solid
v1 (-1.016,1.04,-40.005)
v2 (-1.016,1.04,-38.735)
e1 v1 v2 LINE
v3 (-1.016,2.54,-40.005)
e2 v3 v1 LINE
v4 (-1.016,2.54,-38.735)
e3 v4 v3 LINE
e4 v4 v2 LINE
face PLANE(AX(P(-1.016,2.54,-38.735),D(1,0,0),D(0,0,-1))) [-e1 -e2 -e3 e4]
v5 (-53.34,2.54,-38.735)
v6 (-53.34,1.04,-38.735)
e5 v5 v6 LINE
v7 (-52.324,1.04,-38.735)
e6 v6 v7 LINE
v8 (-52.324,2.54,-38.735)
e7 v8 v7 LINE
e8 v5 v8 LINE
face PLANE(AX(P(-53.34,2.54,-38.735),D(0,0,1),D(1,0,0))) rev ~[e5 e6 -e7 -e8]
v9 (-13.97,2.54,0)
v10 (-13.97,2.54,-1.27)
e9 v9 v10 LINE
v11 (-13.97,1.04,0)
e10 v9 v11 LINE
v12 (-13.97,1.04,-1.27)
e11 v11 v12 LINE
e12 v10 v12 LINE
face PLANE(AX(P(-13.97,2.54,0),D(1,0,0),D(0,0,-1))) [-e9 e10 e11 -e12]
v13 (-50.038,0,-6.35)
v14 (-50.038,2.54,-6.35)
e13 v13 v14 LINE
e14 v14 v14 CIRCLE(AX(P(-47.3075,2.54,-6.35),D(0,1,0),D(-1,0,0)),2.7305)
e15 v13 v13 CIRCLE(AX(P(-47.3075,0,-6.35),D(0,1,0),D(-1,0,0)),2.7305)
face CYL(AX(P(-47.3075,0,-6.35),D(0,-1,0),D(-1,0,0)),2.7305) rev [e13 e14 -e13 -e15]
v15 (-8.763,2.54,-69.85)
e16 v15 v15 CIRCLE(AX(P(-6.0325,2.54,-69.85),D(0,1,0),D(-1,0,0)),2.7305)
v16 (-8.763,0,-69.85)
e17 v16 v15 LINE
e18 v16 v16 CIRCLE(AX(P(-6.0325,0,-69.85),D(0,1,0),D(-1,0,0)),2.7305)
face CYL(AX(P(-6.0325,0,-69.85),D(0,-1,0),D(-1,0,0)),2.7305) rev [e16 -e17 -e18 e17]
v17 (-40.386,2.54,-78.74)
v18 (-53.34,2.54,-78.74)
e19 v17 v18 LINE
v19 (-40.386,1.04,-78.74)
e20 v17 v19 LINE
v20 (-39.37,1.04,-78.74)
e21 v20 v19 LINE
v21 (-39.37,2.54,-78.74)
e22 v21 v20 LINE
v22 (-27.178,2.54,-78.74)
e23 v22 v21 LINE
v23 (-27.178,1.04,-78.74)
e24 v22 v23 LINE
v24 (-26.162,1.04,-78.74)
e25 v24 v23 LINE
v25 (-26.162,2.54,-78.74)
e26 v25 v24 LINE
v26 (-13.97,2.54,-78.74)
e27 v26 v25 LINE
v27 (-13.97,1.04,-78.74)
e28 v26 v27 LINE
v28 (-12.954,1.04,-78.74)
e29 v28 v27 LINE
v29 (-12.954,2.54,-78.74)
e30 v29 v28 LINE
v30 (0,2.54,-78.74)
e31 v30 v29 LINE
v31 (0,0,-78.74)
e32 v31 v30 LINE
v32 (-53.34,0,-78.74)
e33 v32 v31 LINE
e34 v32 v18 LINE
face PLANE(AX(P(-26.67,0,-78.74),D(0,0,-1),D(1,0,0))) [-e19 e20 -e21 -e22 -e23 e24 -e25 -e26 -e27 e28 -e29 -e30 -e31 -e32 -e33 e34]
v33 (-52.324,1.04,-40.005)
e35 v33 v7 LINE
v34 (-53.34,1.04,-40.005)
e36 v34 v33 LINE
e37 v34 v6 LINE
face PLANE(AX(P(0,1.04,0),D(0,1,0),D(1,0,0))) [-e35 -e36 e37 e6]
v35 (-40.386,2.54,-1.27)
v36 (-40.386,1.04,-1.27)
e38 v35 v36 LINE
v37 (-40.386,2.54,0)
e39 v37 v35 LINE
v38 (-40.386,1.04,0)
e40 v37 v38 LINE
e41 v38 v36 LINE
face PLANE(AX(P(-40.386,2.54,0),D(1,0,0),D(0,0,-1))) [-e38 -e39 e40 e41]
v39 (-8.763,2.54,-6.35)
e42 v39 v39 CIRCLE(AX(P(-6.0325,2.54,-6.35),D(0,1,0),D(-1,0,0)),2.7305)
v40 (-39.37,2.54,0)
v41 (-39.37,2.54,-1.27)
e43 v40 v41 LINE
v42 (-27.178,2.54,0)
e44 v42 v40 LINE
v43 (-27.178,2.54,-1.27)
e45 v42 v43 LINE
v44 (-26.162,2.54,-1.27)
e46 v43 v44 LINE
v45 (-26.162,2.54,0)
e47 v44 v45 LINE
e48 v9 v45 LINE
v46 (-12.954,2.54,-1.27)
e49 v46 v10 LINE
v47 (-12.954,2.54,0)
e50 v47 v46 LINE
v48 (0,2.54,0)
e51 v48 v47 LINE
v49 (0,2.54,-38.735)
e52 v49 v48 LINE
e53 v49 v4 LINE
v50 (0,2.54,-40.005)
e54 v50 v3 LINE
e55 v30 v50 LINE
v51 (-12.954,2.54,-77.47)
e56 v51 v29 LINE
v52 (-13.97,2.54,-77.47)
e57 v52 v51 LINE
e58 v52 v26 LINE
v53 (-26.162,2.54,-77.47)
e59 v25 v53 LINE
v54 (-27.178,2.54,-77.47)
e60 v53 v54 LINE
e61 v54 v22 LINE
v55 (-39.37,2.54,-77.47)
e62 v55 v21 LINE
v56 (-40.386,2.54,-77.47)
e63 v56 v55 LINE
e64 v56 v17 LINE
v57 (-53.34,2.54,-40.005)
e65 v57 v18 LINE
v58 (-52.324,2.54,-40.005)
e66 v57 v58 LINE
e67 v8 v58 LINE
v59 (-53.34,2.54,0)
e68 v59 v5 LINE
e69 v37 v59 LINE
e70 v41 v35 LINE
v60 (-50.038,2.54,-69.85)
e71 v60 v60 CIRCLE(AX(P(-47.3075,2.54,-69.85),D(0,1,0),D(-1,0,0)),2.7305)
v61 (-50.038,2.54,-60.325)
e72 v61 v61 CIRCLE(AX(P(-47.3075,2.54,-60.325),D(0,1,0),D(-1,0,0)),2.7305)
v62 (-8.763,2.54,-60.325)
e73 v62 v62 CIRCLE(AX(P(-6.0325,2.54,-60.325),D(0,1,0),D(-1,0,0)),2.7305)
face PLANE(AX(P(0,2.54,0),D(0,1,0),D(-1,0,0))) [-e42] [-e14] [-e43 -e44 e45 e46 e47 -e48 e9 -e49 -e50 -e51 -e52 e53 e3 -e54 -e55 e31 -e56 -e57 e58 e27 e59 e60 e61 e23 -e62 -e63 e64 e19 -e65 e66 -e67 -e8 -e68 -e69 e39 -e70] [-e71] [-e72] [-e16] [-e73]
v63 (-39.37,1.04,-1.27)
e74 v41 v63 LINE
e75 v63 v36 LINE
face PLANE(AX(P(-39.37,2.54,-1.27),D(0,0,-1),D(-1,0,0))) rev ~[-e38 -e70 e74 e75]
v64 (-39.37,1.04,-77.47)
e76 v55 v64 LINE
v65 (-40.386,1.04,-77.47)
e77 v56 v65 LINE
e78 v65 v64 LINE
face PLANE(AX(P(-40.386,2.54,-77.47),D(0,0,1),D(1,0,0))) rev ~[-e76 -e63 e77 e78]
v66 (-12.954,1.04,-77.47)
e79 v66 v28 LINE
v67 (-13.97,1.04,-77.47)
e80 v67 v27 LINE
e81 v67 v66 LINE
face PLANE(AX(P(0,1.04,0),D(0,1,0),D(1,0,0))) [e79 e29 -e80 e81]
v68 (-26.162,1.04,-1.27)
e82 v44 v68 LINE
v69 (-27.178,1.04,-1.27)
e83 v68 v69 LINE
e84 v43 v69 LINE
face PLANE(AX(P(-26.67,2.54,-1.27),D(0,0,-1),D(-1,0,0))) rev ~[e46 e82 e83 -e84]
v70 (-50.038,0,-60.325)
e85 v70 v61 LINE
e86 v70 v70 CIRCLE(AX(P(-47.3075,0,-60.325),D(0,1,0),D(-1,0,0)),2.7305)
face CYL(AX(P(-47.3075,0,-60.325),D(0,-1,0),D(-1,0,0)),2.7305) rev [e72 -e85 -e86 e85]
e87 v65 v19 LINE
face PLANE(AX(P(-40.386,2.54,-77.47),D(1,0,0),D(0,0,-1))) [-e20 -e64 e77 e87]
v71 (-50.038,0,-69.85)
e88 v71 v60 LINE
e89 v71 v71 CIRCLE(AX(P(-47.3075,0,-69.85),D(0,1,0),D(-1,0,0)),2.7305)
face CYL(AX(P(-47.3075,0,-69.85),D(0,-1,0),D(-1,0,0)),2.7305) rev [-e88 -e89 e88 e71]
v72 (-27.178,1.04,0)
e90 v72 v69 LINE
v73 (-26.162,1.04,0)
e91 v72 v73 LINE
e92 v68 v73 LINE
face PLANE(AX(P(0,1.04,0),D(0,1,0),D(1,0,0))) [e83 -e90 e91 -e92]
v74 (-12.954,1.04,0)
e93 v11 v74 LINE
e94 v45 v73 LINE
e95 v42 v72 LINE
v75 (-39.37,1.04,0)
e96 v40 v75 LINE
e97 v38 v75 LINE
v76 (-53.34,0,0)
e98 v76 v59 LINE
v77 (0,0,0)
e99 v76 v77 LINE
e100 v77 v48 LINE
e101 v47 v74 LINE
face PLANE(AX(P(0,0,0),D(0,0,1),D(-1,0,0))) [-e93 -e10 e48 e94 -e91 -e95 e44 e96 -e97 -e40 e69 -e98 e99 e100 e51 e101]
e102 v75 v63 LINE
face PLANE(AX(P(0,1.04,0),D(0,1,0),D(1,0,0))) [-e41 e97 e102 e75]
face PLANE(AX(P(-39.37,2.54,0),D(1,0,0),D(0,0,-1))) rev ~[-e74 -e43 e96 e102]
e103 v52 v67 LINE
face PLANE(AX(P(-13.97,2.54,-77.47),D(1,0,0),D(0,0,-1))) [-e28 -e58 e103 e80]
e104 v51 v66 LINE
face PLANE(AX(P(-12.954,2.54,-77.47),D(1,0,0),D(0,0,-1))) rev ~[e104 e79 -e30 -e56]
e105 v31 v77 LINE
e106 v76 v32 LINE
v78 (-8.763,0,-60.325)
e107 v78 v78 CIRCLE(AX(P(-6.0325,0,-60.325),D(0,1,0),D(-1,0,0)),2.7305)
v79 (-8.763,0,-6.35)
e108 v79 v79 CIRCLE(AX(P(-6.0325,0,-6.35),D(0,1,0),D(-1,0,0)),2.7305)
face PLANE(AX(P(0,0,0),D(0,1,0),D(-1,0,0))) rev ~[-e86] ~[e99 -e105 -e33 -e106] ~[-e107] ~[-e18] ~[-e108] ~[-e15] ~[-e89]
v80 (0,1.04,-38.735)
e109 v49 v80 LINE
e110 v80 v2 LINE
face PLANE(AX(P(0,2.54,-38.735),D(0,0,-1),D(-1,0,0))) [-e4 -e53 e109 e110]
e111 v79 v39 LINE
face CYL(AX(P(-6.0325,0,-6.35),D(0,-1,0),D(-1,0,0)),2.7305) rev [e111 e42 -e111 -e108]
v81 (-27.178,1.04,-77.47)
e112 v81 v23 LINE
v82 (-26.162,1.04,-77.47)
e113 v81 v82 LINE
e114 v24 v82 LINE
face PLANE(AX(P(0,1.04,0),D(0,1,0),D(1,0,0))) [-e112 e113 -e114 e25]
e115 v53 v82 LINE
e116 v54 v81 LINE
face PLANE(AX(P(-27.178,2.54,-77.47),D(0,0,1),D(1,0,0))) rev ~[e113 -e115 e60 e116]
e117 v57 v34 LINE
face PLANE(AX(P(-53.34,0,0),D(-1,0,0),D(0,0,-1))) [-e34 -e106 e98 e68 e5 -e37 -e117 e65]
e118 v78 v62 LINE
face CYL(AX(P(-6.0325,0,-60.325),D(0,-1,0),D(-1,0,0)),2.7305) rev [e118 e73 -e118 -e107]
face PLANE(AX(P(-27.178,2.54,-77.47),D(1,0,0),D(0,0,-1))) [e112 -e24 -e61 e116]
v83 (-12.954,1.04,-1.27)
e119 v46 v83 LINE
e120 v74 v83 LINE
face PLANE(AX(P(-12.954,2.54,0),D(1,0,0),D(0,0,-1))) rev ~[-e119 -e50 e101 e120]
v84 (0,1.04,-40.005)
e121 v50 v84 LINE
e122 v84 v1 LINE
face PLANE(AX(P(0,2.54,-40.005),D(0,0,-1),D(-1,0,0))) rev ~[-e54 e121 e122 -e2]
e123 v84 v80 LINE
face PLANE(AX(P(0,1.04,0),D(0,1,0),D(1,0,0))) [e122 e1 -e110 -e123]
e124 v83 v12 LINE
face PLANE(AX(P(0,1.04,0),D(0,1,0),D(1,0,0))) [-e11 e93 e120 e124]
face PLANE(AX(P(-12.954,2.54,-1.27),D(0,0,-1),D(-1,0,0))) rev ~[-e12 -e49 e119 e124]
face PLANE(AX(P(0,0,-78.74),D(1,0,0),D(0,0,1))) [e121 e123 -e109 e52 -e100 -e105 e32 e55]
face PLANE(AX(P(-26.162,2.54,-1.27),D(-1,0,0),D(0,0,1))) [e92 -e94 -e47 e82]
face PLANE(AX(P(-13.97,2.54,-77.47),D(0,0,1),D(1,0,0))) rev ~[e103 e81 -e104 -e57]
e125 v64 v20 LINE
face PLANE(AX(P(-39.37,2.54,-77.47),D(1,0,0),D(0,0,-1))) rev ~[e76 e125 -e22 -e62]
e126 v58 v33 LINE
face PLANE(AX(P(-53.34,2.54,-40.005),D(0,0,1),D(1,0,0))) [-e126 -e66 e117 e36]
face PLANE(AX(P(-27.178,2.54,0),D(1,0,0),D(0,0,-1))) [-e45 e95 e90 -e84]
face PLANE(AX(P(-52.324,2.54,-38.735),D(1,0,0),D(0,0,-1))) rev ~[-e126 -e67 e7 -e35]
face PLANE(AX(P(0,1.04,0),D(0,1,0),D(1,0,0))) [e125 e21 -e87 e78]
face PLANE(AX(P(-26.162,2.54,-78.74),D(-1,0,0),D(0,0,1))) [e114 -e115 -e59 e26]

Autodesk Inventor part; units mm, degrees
ref_plane "YZ Plane" through (0, 0, 0) normal (1, 0, 0) x (0, 1, 0)
ref_plane "XZ Plane" through (0, 0, 0) normal (0, 1, 0) x (-1, 0, 0)
ref_plane "XY Plane" through (0, 0, 0) normal (0, 0, 1) x (1, 0, 0)
sketch "Sketch1" plane through (0, 0, 0) normal (0, 1, 0) x (-1, 0, 0)
  line L0 (0, 0) -> (53.34, 0)
  line L1 (53.34, 0) -> (53.34, -78.74)
  line L2 (53.34, -78.74) -> (0, -78.74)
  line L3 (0, -78.74) -> (0, 0)
  circle A0 centre (47.3075, -6.35) radius 2.7305
  circle A1 centre (47.3075, -60.325) radius 2.7305
  circle A2 centre (47.3075, -69.85) radius 2.7305
  circle A3 centre (6.0325, -6.35) radius 2.7305
  circle A4 centre (6.0325, -60.325) radius 2.7305
  circle A5 centre (6.0325, -69.85) radius 2.7305
  line L4 (26.67, 0) -> (26.67, -78.74)
  dimension "d0" = 53.34
  dimension "d1" = 78.74
  dimension "d2" = 5.461
  dimension "d3" = 5.461
  dimension "d4" = 5.461
  dimension "d5" = 53.975
  dimension "d6" = 63.5
  dimension "d9" = 41.275
  dimension "d14" = 20.6375
  dimension "d16" = 6.35
extrude "Extrusion1" add sketch "Sketch1" along normal blind 2.54
sketch "Sketch2" plane through (0, 2.54, 0) normal (0, 1, 0) x (1, 0, 0)
  line L0 (-53.34, 0) -> (0, 0) projected
  line L1 (-53.34, 78.74) -> (-53.34, 0) projected
  line L2 (0, 78.74) -> (-53.34, 78.74) projected
  line L3 (0, 0) -> (0, 78.74) projected
  circle A0 centre (-6.0325, 6.35) radius 2.7305 projected
  circle A1 centre (-6.0325, 60.325) radius 2.7305 projected
  circle A2 centre (-6.0325, 69.85) radius 2.7305 projected
  circle A3 centre (-47.3075, 69.85) radius 2.7305 projected
  circle A4 centre (-47.3075, 60.325) radius 2.7305 projected
  circle A5 centre (-47.3075, 6.35) radius 2.7305 projected
  line L4 (-26.67, 0) -> (-26.67, 78.74)
  line L5 (0, 78.74) -> (-53.34, 78.74) projected
  line L6 (-26.67, 0) -> (-39.37, 0)
  line L7 (-39.37, 0) -> (-39.37, 78.74)
  line L8 (-39.37, 78.74) -> (-26.67, 78.74)
  line L9 (-26.67, 78.74) -> (-26.67, 0)
  line L10 (-26.67, 0) -> (-13.97, 0)
  line L11 (-13.97, 0) -> (-13.97, 78.74)
  line L12 (-13.97, 78.74) -> (-26.67, 78.74)
  line L13 (-26.67, 78.74) -> (-26.67, 0)
  line L14 (-39.37, 0) -> (-40.386, 0)
  line L15 (-40.386, 0) -> (-40.386, 78.74)
  line L16 (-40.386, 78.74) -> (-39.37, 78.74)
  line L17 (-39.37, 78.74) -> (-39.37, 0)
  line L18 (-26.67, 0) -> (-27.178, 0)
  line L19 (-27.178, 0) -> (-27.178, 78.74)
  line L20 (-27.178, 78.74) -> (-26.67, 78.74)
  line L21 (-26.67, 78.74) -> (-26.67, 0)
  line L22 (-53.34, 0) -> (0, 0) projected
  line L23 (-26.67, 78.74) -> (-26.162, 78.74)
  line L24 (-26.162, 78.74) -> (-26.162, 0)
  line L25 (-26.162, 0) -> (-26.67, 0)
  line L26 (-26.67, 0) -> (-26.67, 78.74)
  line L27 (-13.97, 0) -> (-12.954, 0)
  line L28 (-12.954, 0) -> (-12.954, 78.74)
  line L29 (-12.954, 78.74) -> (-13.97, 78.74)
  line L30 (-13.97, 78.74) -> (-13.97, 0)
  line L31 (-40.386, 0) -> (-12.954, 0)
  line L32 (-12.954, 0) -> (-12.954, 1.27)
  line L33 (-12.954, 1.27) -> (-40.386, 1.27)
  line L34 (-40.386, 1.27) -> (-40.386, 0)
  line L35 (-12.954, 78.74) -> (-40.386, 78.74)
  line L36 (-40.386, 78.74) -> (-40.386, 77.47)
  line L37 (-40.386, 77.47) -> (-12.954, 77.47)
  line L38 (-12.954, 77.47) -> (-12.954, 78.74)
  line L39 (-53.34, 39.37) -> (0, 39.37)
  line L40 (0, 0) -> (0, 78.74) projected
  line L41 (-40.386, 39.37) -> (-12.954, 39.37)
  line L42 (-12.954, 39.37) -> (-12.954, 40.005)
  line L43 (-12.954, 40.005) -> (-40.386, 40.005)
  line L44 (-40.386, 40.005) -> (-40.386, 39.37)
  line L45 (-40.386, 39.37) -> (-12.954, 39.37)
  line L46 (-12.954, 39.37) -> (-12.954, 38.735)
  line L47 (-12.954, 38.735) -> (-40.386, 38.735)
  line L48 (-40.386, 38.735) -> (-40.386, 39.37)
  line L49 (-40.386, 38.735) -> (-39.37, 38.735)
  line L50 (-39.37, 38.735) -> (-39.37, 39.37)
  line L51 (-39.37, 39.37) -> (-40.386, 39.37)
  line L52 (-40.386, 39.37) -> (-40.386, 38.735)
  line L53 (-53.34, 78.74) -> (-53.34, 0) projected
  line L54 (-53.34, 0) -> (-52.324, 0)
  line L55 (-52.324, 0) -> (-52.324, 78.74)
  line L56 (-52.324, 78.74) -> (-53.34, 78.74)
  line L57 (-53.34, 78.74) -> (-53.34, 0)
  line L58 (0, 0) -> (-1.016, 0)
  line L59 (-1.016, 0) -> (-1.016, 78.74)
  line L60 (-1.016, 78.74) -> (0, 78.74)
  line L61 (0, 78.74) -> (0, 0)
  line L62 (-40.386, 39.37) -> (-53.34, 39.37)
  line L63 (-53.34, 39.37) -> (-53.34, 38.735)
  line L64 (-53.34, 38.735) -> (-40.386, 38.735)
  line L65 (-40.386, 38.735) -> (-40.386, 39.37)
  line L66 (-40.386, 39.37) -> (-53.34, 39.37)
  line L67 (-53.34, 39.37) -> (-53.34, 40.005)
  line L68 (-53.34, 40.005) -> (-40.386, 40.005)
  line L69 (-40.386, 40.005) -> (-40.386, 39.37)
  line L70 (-12.954, 39.37) -> (0, 39.37)
  line L71 (0, 39.37) -> (0, 38.735)
  line L72 (0, 38.735) -> (-12.954, 38.735)
  line L73 (-12.954, 38.735) -> (-12.954, 39.37)
  line L74 (-12.954, 39.37) -> (0, 39.37)
  line L75 (0, 39.37) -> (0, 40.005)
  line L76 (0, 40.005) -> (-12.954, 40.005)
  line L77 (-12.954, 40.005) -> (-12.954, 39.37)
  line L78 (-53.34, 38.735) -> (-52.324, 38.735)
  line L79 (-52.324, 38.735) -> (-52.324, 39.37)
  line L80 (-52.324, 39.37) -> (-53.34, 39.37)
  line L81 (-53.34, 39.37) -> (-53.34, 38.735)
  point P0 (-13.97, 38.735)
  point P1 (-13.97, 40.005)
  point P2 (-27.178, 38.735)
  point P3 (-26.162, 38.735)
  point P4 (-26.162, 40.005)
  point P5 (-27.178, 40.005)
  point P6 (-13.97, 1.27)
  point P7 (-27.178, 1.27)
  point P8 (-26.162, 1.27)
  point P9 (-39.37, 1.27)
  point P10 (-13.97, 77.47)
  point P11 (-27.178, 77.47)
  point P12 (-26.162, 77.47)
  point P13 (-39.37, 77.47)
  point P14 (-39.37, 38.735)
  point P15 (-39.37, 40.005)
  point P16 (-1.016, 38.735)
  point P17 (-1.016, 40.005)
  point P18 (-52.324, 38.735)
  point P19 (-52.324, 40.005)
  dimension "d19" = 12.7
  dimension "d20" = 12.7
  dimension "d22" = 0.508
  dimension "d23" = 0.508
  dimension "d24" = 1.016
  dimension "d25" = 1.016
  dimension "d26" = 1.27
  dimension "d27" = 1.27
  dimension "d28" = 0.635
  dimension "d29" = 0.635
  dimension "d32" = 1.016
  dimension "d33" = 1.016
extrude "Extrusion3" cut sketch "Sketch2" against normal blind 1.5 contours L1 L39 L55 L64 | L15 L33 L7 L0 | L1 L68 L55 L39 | L19 L33 L4 L0 | L4 L33 L24 L0 | L15 L2 L7 L37 | L11 L33 L28 L0 | L19 L2 L4 L37 | L4 L2 L24 L37 | L59 L39 L3 L72 | L59 L76 L3 L39 | L11 L2 L28 L37
properties part number "trucks_2"
